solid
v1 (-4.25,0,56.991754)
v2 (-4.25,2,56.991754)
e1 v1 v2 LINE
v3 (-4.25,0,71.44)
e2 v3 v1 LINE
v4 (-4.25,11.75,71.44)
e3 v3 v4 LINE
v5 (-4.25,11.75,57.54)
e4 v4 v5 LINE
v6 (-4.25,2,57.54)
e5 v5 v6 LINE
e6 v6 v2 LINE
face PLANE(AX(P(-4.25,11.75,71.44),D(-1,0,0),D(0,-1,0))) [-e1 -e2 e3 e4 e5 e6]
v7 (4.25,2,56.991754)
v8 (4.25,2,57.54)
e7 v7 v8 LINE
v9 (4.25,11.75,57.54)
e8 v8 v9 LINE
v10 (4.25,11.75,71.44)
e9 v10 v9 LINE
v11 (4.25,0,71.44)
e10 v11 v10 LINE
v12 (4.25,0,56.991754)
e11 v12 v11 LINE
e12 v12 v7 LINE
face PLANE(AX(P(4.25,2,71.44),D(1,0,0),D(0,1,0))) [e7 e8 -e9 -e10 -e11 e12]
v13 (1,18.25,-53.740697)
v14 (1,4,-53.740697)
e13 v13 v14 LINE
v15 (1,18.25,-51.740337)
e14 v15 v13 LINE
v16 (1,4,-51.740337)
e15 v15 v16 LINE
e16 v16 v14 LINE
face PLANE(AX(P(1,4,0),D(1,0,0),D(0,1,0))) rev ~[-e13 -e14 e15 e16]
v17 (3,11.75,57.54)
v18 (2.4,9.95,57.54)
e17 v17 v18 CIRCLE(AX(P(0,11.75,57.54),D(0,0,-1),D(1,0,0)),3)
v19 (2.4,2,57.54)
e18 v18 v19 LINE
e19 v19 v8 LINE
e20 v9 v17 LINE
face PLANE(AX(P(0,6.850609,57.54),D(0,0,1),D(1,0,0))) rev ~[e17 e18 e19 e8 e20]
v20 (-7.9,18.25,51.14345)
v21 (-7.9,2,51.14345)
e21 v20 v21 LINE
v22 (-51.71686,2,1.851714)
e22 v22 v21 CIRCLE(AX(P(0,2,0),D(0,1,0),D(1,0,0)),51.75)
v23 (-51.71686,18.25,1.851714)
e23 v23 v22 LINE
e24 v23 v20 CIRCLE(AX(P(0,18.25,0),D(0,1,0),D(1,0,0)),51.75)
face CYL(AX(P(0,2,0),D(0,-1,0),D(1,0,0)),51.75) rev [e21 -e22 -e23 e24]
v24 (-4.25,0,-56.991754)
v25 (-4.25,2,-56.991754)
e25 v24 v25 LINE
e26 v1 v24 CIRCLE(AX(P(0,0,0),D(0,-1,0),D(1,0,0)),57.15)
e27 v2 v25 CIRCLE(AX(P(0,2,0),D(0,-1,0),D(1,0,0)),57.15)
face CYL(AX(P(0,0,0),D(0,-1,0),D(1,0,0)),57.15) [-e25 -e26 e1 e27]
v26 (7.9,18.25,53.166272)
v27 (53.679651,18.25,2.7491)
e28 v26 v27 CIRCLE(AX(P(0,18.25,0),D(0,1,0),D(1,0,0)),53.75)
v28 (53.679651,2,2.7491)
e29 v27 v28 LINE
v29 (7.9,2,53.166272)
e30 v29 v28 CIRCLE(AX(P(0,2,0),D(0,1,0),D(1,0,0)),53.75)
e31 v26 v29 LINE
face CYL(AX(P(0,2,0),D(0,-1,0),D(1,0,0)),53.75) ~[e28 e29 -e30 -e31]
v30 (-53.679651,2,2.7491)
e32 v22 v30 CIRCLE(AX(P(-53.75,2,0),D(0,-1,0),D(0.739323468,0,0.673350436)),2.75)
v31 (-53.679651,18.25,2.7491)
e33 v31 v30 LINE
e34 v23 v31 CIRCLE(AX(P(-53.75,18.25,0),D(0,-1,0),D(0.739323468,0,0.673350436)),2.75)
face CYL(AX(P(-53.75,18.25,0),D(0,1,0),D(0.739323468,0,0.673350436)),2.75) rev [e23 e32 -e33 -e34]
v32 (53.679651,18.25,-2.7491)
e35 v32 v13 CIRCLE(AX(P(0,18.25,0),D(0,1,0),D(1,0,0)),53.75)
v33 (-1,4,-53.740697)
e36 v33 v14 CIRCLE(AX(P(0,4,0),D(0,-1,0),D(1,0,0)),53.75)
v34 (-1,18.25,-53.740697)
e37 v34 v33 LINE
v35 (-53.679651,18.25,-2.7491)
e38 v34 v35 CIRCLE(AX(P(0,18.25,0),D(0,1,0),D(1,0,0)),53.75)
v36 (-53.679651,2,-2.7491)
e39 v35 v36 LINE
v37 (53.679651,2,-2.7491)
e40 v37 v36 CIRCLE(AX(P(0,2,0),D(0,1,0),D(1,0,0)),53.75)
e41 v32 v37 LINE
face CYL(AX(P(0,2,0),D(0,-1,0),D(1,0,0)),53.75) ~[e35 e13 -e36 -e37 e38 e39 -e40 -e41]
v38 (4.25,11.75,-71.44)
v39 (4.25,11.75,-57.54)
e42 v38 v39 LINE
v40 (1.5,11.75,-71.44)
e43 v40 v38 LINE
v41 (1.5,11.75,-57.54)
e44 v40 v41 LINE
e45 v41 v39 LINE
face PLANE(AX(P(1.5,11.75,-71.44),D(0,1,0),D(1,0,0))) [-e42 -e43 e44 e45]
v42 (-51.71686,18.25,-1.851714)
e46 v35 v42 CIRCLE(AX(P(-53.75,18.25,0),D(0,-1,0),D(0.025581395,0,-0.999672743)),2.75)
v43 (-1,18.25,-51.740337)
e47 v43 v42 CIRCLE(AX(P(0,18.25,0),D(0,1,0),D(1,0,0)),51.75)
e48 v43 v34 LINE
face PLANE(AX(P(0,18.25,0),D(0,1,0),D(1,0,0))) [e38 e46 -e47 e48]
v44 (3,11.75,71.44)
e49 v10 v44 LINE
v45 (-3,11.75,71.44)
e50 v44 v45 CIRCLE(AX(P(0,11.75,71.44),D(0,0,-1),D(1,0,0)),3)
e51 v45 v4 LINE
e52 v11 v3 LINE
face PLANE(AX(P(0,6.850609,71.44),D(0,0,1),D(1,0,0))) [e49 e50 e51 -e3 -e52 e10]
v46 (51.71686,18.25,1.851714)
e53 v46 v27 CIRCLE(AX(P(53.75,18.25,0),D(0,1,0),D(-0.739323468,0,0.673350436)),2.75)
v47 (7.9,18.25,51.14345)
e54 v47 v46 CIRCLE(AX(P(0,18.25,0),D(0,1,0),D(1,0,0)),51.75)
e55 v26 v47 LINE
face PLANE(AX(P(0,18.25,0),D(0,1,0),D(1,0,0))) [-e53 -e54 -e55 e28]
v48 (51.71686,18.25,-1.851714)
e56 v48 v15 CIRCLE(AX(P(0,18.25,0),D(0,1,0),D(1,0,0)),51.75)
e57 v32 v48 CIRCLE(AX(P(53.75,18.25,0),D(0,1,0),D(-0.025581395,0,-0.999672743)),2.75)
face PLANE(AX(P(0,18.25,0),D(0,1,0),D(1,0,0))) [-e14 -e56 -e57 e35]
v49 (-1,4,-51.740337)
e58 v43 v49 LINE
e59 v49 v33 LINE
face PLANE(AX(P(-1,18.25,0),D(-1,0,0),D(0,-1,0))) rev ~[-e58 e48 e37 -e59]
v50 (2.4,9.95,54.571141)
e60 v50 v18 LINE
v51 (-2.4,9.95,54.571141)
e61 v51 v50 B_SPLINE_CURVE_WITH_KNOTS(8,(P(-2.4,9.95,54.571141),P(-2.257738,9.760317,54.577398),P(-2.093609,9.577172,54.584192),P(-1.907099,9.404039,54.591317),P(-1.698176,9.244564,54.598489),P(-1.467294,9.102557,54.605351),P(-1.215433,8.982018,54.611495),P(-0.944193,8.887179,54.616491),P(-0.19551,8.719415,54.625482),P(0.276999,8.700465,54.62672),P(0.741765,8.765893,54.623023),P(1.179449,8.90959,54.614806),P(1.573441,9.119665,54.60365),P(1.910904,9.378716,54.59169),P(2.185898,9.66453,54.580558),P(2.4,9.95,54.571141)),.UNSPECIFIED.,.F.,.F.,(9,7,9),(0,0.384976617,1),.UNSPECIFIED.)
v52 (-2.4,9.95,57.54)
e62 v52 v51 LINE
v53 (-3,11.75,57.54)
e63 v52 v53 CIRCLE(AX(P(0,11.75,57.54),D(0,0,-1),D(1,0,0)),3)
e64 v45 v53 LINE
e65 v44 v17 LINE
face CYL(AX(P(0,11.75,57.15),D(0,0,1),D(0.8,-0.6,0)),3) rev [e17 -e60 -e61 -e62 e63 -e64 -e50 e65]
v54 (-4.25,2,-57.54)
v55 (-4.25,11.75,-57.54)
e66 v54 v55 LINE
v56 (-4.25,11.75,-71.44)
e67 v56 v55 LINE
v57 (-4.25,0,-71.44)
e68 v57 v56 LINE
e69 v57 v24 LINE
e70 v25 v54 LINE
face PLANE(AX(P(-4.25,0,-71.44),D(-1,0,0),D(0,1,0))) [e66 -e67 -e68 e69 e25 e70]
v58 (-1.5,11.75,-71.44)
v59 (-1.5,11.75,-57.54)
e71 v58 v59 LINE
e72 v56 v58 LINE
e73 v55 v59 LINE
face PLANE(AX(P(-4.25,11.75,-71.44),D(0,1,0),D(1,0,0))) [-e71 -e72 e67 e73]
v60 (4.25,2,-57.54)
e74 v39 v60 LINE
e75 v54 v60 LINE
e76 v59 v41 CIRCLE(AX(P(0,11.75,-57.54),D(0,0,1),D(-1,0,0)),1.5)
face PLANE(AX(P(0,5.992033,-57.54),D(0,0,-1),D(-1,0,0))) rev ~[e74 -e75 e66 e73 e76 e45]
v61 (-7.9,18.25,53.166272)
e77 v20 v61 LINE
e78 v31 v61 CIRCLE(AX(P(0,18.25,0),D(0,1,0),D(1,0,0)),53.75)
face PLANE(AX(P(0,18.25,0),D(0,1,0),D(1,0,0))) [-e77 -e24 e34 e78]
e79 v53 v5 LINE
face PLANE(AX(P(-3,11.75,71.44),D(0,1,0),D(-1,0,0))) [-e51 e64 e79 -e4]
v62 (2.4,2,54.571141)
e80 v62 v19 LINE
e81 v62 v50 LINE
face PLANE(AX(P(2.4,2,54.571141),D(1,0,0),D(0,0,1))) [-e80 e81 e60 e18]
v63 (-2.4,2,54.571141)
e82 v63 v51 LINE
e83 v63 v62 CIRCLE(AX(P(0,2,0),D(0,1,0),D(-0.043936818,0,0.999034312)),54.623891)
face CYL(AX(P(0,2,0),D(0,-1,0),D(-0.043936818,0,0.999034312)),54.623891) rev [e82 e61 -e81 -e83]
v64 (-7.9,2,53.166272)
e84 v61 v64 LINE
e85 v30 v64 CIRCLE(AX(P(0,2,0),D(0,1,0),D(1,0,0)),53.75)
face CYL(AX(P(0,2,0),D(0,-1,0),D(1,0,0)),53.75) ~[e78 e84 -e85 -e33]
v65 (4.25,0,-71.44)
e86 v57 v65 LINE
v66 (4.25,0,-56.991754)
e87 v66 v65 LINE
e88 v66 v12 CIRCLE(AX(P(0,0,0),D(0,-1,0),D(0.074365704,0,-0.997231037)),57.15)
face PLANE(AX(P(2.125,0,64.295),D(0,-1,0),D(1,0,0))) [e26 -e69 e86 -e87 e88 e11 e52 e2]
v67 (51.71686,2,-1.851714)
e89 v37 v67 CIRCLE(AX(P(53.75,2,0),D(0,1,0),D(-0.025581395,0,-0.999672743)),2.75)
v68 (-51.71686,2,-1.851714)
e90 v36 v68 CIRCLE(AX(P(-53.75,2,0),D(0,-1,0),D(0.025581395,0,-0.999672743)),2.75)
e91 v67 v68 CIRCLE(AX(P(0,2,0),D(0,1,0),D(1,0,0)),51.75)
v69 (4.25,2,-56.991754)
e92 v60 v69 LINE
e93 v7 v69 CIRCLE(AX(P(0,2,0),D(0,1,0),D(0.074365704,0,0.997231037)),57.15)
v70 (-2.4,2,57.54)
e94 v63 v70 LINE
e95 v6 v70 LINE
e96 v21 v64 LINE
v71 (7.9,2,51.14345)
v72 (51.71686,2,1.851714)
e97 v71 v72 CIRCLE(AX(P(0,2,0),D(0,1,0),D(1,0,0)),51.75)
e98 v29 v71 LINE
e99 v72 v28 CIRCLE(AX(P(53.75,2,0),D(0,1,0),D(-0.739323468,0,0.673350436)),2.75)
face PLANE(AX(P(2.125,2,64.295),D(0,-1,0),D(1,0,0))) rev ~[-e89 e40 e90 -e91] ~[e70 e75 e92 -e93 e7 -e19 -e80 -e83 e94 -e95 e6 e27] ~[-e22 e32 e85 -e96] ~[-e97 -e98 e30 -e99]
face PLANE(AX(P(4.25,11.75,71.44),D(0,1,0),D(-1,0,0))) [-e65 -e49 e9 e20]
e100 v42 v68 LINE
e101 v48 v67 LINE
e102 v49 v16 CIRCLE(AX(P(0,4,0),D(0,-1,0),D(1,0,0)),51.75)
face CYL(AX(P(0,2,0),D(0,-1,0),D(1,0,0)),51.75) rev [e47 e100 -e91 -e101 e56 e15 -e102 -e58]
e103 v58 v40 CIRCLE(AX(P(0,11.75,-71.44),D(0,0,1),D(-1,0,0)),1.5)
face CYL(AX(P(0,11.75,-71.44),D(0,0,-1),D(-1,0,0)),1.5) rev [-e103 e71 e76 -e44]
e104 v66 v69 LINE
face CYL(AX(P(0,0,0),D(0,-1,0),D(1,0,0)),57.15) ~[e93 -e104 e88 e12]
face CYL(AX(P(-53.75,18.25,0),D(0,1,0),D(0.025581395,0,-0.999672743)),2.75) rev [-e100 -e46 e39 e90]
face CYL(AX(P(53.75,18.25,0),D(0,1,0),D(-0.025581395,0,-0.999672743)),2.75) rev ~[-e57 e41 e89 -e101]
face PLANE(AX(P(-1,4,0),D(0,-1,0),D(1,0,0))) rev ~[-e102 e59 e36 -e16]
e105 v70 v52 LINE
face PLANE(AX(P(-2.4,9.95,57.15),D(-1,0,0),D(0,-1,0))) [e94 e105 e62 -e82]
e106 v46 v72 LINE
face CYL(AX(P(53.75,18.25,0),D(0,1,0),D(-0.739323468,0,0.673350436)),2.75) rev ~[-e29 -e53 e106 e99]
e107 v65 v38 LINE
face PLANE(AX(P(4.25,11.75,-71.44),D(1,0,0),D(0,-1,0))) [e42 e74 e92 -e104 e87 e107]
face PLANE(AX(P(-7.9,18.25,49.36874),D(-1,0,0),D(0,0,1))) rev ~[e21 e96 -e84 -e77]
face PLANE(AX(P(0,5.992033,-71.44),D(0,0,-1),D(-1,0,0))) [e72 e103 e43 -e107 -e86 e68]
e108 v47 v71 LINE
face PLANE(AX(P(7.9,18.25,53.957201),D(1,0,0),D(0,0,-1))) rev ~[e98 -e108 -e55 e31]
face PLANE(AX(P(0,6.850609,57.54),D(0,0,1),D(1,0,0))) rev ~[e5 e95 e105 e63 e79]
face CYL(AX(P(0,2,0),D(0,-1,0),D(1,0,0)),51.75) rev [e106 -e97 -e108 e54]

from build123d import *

# Parameters (mm, degrees)
SKETCH1_R                = 57.15
BOSS_EXTRUDE1_DEPTH      = 2
SKETCH2_R                = 53.75
SKETCH2_R_2              = 51.75
BOSS_EXTRUDE2_DEPTH      = 16.25
CUT_EXTRUDE1_DEPTH       = 16.25
CUT_EXTRUDE2_DEPTH       = 6.8
BOSS_EXTRUDE5_DEPTH      = 16.25
CUT_EXTRUDE3_DEPTH       = 7.6
SKETCH9_W                = 2
SKETCH9_H                = 2
SKETCH9_H_2              = 12.25
CUT_EXTRUDE4_DEPTH       = 58.15
CUT_EXTRUDE5_DEPTH       = 16.25
SKETCH12_W               = 4.25
SKETCH12_H               = 14.29
SKETCH12_R               = 57.15
BOSS_EXTRUDE7_DEPTH      = 2
BOSS_EXTRUDE8_DEPTH      = 13.9
BOSS_EXTRUDE9_DEPTH      = 2
BOSS_EXTRUDE9_DEPTH_BACK = 2
BOSS_EXTRUDE10_DEPTH     = 13.9


with BuildPart() as part:
    # Sketch1 → Boss-Extrude1 (new body)
    with BuildSketch(Plane(origin=(0, 0, 0), x_dir=(1, 0, 0), z_dir=(0, 1, 0))):
        Circle(SKETCH1_R)
    extrude(amount=BOSS_EXTRUDE1_DEPTH)

    # Sketch2 → Boss-Extrude2 (add)
    with BuildSketch(Plane(origin=(0, 2, 0), x_dir=(1, 0, 0), z_dir=(0, 1, 0))):
        Circle(SKETCH2_R)
        Circle(SKETCH2_R_2, mode=Mode.SUBTRACT)
    extrude(amount=BOSS_EXTRUDE2_DEPTH)

    # Sketch4 → Cut-Extrude1 (cut)
    with BuildSketch(Plane(origin=(0, 18.25, 0), x_dir=(1, 0, 0), z_dir=(0, 1, 0))):
        with BuildLine():
            ThreePointArc((51.75, 0), (51.741714453, -0.926005111), (51.716860465, -1.851713701))
            ThreePointArc((51.716860465, -1.851713701), (52.606544101, -2.501001521), (53.679651163, -2.749100042))
            ThreePointArc((53.679651163, -2.749100042), (53.732409912, -1.375), (53.75, 0))
            ThreePointArc((53.75, 0), (53.732409912, 1.375), (53.679651163, 2.749100042))
            ThreePointArc((53.679651163, 2.749100042), (52.606544101, 2.501001521), (51.716860465, 1.851713701))
            ThreePointArc((51.716860465, 1.851713701), (51.741714453, 0.926005111), (51.75, 0))
        make_face()
        with BuildLine():
            ThreePointArc((-51.716860465, 1.851713701), (-51.75, 0), (-51.716860465, -1.851713701))
            ThreePointArc((-51.716860465, -1.851713701), (-52.606544101, -2.501001521), (-53.679651163, -2.749100042))
            ThreePointArc((-53.679651163, -2.749100042), (-53.75, 0), (-53.679651163, 2.749100042))
            ThreePointArc((-53.679651163, 2.749100042), (-52.606544101, 2.501001521), (-51.716860465, 1.851713701))
        make_face()
    extrude(amount=-CUT_EXTRUDE1_DEPTH, mode=Mode.SUBTRACT)

    # Sketch5 → Cut-Extrude2 (cut)
    with BuildSketch(Plane(origin=(0, 18.25, 0), x_dir=(1, 0, 0), z_dir=(0, 1, 0))):
        with BuildLine():
            Line((0, -53.75), (0, -51.75))
            ThreePointArc((0, -51.75), (-1.500631048, -51.728237999), (-3, -51.662970298))
            Line((-3, -51.662970298), (-3, -53.666213766))
            ThreePointArc((-3, -53.666213766), (-1.500584897, -53.729049358), (0, -53.75))
        make_face()
        with BuildLine():
            ThreePointArc((3, -51.662970298), (1.500631048, -51.728237999), (0, -51.75))
            Line((0, -51.75), (0, -53.75))
            ThreePointArc((0, -53.75), (1.500584897, -53.729049358), (3, -53.666213766))
            Line((3, -53.666213766), (3, -51.662970298))
        make_face()
    extrude(amount=-CUT_EXTRUDE2_DEPTH, mode=Mode.SUBTRACT)

    # Sketch7 → Boss-Extrude5 (add)
    with BuildSketch(Plane(origin=(0, 2, 0), x_dir=(1, 0, 0), z_dir=(0, 1, 0))):
        with BuildLine():
            Line((2.4, -54.571141496), (2.4, -57.099584062))
            ThreePointArc((2.4, -57.099584062), (0, -57.15), (-2.4, -57.099584062))
            Line((-2.4, -57.099584062), (-2.4, -54.571141496))
            ThreePointArc((-2.4, -54.571141496), (0, -54.623891148), (2.4, -54.571141496))
        make_face()
    extrude(amount=BOSS_EXTRUDE5_DEPTH)

    # Sketch8 → Cut-Extrude3 (cut)
    with BuildSketch(Plane.XY.offset(57.15)):
        with BuildLine():
            Line((2.4, 11.75), (2.4, 13.55))
            ThreePointArc((2.4, 13.55), (0, 14.75), (-2.4, 13.55))
            Line((-2.4, 13.55), (-2.4, 11.75))
            Line((-2.4, 11.75), (2.4, 11.75))
        make_face()
        with BuildLine():
            Line((2.4, 9.95), (2.4, 11.75))
            Line((2.4, 11.75), (-2.4, 11.75))
            Line((-2.4, 11.75), (-2.4, 9.95))
            ThreePointArc((-2.4, 9.95), (0, 8.75), (2.4, 9.95))
        make_face()
        with BuildLine():
            Line((2.4, 11.75), (2.4, 13.55))
            ThreePointArc((2.4, 13.55), (0, 14.75), (-2.4, 13.55))
            Line((-2.4, 13.55), (-2.4, 11.75))
            Line((-2.4, 11.75), (2.4, 11.75))
        make_face()
        with BuildLine():
            Line((2.4, 9.95), (2.4, 11.75))
            Line((2.4, 11.75), (-2.4, 11.75))
            Line((-2.4, 11.75), (-2.4, 9.95))
            ThreePointArc((-2.4, 9.95), (0, 8.75), (2.4, 9.95))
        make_face()
        with BuildLine():
            Line((2.4, 13.55), (2.4, 18.25))
            Line((2.4, 18.25), (-2.4, 18.25))
            Line((-2.4, 18.25), (-2.4, 13.55))
            ThreePointArc((-2.4, 13.55), (0, 14.75), (2.4, 13.55))
        make_face()
        with BuildLine():
            ThreePointArc((3, 11.75), (2.846049894, 12.698683298), (2.4, 13.55))
            Line((2.4, 13.55), (2.4, 11.75))
            Line((2.4, 11.75), (2.4, 9.95))
            ThreePointArc((2.4, 9.95), (2.846049894, 10.801316702), (3, 11.75))
        make_face()
        with BuildLine():
            Line((-2.4, 11.75), (-2.4, 13.55))
            ThreePointArc((-2.4, 13.55), (-3, 11.75), (-2.4, 9.95))
            Line((-2.4, 9.95), (-2.4, 11.75))
        make_face()
    extrude(amount=-CUT_EXTRUDE3_DEPTH, mode=Mode.SUBTRACT)

    # Sketch9 → Cut-Extrude4 (cut, through all)
    with BuildSketch(Plane.XY):
        with Locations((0, 5)):
            Rectangle(SKETCH9_W, SKETCH9_H)
        with Locations((0, 12.125)):
            Rectangle(SKETCH9_W, SKETCH9_H_2)
    extrude(amount=-CUT_EXTRUDE4_DEPTH, mode=Mode.SUBTRACT)

    # Sketch11 → Cut-Extrude5 (cut)
    with BuildSketch(Plane(origin=(0, 18.25, 0), x_dir=(1, 0, 0), z_dir=(0, 1, 0))):
        with BuildLine():
            Line((7.9, -53.166272203), (7.9, -51.143450216))
            ThreePointArc((7.9, -51.143450216), (5.456186881, -51.461563567), (3, -51.662970298))
            Line((3, -51.662970298), (3, -53.666213766))
            ThreePointArc((3, -53.666213766), (5.455729593, -53.472399559), (7.9, -53.166272203))
        make_face()
        with BuildLine():
            ThreePointArc((-3, -51.662970298), (-5.456186881, -51.461563567), (-7.9, -51.143450216))
            Line((-7.9, -51.143450216), (-7.9, -53.166272203))
            ThreePointArc((-7.9, -53.166272203), (-5.455729593, -53.472399559), (-3, -53.666213766))
            Line((-3, -53.666213766), (-3, -51.662970298))
        make_face()
        with BuildLine():
            Line((7.9, -51.143450216), (7.9, -49.368739918))
            Line((7.9, -49.368739918), (-7.9, -49.368739918))
            Line((-7.9, -49.368739918), (-7.9, -51.143450216))
            ThreePointArc((-7.9, -51.143450216), (-5.456186881, -51.461563567), (-3, -51.662970298))
            Line((-3, -51.662970298), (-3, -53.666213766))
            ThreePointArc((-3, -53.666213766), (-5.455729593, -53.472399559), (-7.9, -53.166272203))
            Line((-7.9, -53.166272203), (-7.9, -53.957200677))
            Line((-7.9, -53.957200677), (7.9, -53.957200677))
            Line((7.9, -53.957200677), (7.9, -53.166272203))
            ThreePointArc((7.9, -53.166272203), (5.455729593, -53.472399559), (3, -53.666213766))
            Line((3, -53.666213766), (3, -51.662970298))
            ThreePointArc((3, -51.662970298), (5.456186881, -51.461563567), (7.9, -51.143450216))
        make_face()
    extrude(amount=-CUT_EXTRUDE5_DEPTH, mode=Mode.SUBTRACT)

    # Sketch12 → Boss-Extrude7 (add)
    with BuildSketch(Plane.XZ):
        with Locations((2.125, 64.295)):
            Rectangle(SKETCH12_W, SKETCH12_H)
        with Locations((-2.125, 64.295)):
            Rectangle(SKETCH12_W, SKETCH12_H)
        with BuildLine():
            Line((4.25, 57.15), (0, 57.15))
            ThreePointArc((0, 57.15), (2.126472541, 57.110424745), (4.25, 56.991753789))
            Line((4.25, 56.991753789), (4.25, 57.15))
        make_face()
        with BuildLine():
            ThreePointArc((-4.25, 56.991753789), (-2.126472541, 57.110424745), (0, 57.15))
            Line((0, 57.15), (-4.25, 57.15))
            Line((-4.25, 57.15), (-4.25, 56.991753789))
        make_face()
        with Locations((2.125, -64.295)):
            Rectangle(SKETCH12_W, SKETCH12_H)
        with Locations((-2.125, -64.295)):
            Rectangle(SKETCH12_W, SKETCH12_H)
        with BuildLine():
            ThreePointArc((0, -57.15), (-2.126472541, -57.110424745), (-4.25, -56.991753789))
            Line((-4.25, -56.991753789), (-4.25, -57.15))
            Line((-4.25, -57.15), (0, -57.15))
        make_face()
        with BuildLine():
            Line((4.25, -57.15), (4.25, -56.991753789))
            ThreePointArc((4.25, -56.991753789), (2.126472541, -57.110424745), (0, -57.15))
            Line((0, -57.15), (4.25, -57.15))
        make_face()
        Circle(SKETCH12_R)
    extrude(amount=-BOSS_EXTRUDE7_DEPTH)

    # Sketch13 → Boss-Extrude8 (add)
    with BuildSketch(Plane.XY.offset(71.44)):
        with BuildLine():
            Line((-3, 11.75), (-4.25, 11.75))
            Line((-4.25, 11.75), (-4.25, 2))
            Line((-4.25, 2), (4.25, 2))
            Line((4.25, 2), (4.25, 11.75))
            Line((4.25, 11.75), (3, 11.75))
            ThreePointArc((3, 11.75), (0, 8.75), (-3, 11.75))
        make_face()
    extrude(amount=-BOSS_EXTRUDE8_DEPTH)

    # Sketch14 → Boss-Extrude9 (add, two sides)
    with BuildSketch(Plane.XY.offset(57.15)) as boss_extrude9_sk:
        with BuildLine():
            Line((-2.4, 2), (2.4, 2))
            Line((2.4, 2), (2.4, 9.95))
            ThreePointArc((2.4, 9.95), (0, 8.75), (-2.4, 9.95))
            Line((-2.4, 9.95), (-2.4, 2))
        make_face()
    extrude(amount=BOSS_EXTRUDE9_DEPTH)
    extrude(boss_extrude9_sk.sketch, amount=-BOSS_EXTRUDE9_DEPTH_BACK)

    # Sketch15 → Boss-Extrude10 (add)
    with BuildSketch(Plane(origin=(0, 0, -71.44), x_dir=(-1, 0, 0), z_dir=(0, 0, -1))):
        with BuildLine():
            Line((-1.5, 11.75), (-4.25, 11.75))
            Line((-4.25, 11.75), (-4.25, 0))
            Line((-4.25, 0), (4.25, 0))
            Line((4.25, 0), (4.25, 11.75))
            Line((4.25, 11.75), (1.5, 11.75))
            ThreePointArc((1.5, 11.75), (0, 10.25), (-1.5, 11.75))
        make_face()
    extrude(amount=-BOSS_EXTRUDE10_DEPTH)


solid = part.part
